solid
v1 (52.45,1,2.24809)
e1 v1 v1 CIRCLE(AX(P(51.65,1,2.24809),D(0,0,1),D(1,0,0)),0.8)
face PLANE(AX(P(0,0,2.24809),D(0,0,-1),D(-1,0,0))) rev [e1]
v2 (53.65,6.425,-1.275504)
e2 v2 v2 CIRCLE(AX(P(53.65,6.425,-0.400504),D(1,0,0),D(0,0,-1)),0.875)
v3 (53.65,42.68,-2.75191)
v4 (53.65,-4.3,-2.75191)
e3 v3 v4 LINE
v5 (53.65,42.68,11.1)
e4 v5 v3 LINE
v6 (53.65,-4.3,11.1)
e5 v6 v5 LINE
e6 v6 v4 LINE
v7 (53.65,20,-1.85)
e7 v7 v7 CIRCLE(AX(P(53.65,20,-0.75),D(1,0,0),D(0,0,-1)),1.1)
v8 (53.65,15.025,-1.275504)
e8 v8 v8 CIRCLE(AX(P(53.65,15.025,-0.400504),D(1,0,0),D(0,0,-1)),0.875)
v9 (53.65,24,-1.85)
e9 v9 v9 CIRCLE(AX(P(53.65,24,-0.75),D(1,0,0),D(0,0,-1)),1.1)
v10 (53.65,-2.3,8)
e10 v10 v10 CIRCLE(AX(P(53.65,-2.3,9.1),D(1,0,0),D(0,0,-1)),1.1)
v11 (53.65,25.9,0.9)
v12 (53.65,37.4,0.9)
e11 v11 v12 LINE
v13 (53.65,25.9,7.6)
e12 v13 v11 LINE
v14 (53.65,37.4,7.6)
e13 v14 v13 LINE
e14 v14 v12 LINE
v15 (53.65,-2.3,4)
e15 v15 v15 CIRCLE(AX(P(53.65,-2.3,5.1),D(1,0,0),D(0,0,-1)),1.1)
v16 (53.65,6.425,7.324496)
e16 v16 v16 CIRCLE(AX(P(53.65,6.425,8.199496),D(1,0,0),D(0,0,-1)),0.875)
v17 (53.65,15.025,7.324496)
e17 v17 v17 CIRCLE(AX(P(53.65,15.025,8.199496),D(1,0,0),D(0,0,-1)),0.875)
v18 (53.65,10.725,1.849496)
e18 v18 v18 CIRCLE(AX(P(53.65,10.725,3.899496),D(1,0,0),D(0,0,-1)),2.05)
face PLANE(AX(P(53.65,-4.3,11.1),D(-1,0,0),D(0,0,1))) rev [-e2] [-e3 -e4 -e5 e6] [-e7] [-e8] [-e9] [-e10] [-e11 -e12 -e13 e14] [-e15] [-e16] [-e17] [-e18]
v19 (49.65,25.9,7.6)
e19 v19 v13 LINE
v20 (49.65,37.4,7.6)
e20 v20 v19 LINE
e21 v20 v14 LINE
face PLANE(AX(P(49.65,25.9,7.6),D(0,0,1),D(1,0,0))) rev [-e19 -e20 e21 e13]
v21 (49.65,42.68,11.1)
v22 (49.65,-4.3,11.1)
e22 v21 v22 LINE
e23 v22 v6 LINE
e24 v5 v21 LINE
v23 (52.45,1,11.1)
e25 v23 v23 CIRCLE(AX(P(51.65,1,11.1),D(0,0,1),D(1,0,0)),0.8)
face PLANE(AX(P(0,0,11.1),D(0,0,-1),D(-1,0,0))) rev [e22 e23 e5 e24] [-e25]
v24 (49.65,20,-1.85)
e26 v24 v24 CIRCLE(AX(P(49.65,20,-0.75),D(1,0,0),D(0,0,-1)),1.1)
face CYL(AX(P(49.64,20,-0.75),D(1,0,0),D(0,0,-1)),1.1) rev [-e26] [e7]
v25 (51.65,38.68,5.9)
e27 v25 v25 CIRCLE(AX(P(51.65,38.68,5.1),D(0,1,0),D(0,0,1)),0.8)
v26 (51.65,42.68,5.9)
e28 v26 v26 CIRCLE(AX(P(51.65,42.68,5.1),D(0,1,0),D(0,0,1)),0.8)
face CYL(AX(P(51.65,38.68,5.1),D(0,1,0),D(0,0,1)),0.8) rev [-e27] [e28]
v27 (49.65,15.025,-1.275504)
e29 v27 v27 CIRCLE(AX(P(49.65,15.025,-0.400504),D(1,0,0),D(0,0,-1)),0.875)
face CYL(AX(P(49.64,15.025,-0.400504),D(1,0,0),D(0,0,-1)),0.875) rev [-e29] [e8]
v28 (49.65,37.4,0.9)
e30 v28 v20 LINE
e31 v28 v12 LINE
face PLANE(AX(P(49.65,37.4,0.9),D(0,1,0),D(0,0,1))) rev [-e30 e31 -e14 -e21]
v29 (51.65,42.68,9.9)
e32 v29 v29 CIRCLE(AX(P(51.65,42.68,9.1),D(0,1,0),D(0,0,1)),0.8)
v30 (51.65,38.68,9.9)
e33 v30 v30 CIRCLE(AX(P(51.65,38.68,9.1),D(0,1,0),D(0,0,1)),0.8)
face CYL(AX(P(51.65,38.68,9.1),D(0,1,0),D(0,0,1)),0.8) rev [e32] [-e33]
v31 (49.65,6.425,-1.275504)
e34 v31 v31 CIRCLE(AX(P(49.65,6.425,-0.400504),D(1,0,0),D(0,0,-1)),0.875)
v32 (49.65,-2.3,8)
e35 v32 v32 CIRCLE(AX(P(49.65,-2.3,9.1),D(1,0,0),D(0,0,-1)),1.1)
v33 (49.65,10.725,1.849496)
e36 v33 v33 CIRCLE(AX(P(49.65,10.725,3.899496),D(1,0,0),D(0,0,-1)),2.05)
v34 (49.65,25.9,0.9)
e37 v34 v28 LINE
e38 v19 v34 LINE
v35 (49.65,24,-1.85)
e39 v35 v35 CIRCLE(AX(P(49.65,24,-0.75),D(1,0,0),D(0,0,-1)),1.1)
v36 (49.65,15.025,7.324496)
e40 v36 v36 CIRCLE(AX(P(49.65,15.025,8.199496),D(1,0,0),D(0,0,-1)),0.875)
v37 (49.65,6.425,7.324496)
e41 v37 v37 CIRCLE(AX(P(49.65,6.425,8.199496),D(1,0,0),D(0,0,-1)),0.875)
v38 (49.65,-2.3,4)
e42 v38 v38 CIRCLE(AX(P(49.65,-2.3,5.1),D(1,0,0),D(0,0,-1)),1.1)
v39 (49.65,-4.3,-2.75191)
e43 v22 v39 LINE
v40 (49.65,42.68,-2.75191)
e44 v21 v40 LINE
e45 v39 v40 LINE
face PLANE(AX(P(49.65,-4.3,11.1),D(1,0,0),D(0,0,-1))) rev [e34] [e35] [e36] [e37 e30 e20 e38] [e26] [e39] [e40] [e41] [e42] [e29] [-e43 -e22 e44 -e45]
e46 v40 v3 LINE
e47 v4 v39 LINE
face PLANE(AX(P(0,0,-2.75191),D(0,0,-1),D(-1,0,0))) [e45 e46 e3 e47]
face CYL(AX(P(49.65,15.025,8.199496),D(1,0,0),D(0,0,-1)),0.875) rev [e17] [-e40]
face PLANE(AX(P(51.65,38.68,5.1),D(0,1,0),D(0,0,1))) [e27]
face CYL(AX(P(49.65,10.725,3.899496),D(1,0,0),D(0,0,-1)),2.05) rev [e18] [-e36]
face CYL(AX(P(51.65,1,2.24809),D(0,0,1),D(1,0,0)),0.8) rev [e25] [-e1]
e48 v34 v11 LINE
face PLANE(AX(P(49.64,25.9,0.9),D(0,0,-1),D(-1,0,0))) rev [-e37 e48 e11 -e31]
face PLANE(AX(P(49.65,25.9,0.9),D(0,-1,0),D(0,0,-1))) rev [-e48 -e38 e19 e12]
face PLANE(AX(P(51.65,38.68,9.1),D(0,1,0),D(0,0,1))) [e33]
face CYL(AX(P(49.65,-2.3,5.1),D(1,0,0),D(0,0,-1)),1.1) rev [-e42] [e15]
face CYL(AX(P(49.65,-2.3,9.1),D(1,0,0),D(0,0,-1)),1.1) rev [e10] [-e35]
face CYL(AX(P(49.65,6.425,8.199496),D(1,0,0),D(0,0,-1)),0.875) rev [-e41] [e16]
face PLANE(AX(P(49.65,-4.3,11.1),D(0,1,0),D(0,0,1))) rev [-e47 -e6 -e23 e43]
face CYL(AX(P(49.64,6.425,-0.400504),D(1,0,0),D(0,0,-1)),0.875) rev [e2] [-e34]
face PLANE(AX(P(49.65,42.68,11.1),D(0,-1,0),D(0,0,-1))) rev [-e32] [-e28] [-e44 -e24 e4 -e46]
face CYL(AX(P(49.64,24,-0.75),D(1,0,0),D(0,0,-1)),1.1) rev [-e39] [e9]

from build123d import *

# Parameters (mm, degrees)
MAIN_STOCK_START                   = 2.248090434
SKETCH_1_W                         = 4
SKETCH_1_H                         = 46.98
MAIN_STOCK_DEPTH                   = 8.851909566
SKETCH_2_R                         = 0.8
FRAME_1XD1P6_THROUGH_DEPTH         = 70.124968014
SKETCH_3_R                         = 2.05
SMA_CENTER_D4P1_DEPTH              = 4
SKETCH_4_R                         = 0.875
SMA_UPPER_2XD1P75_THROUGH_DEPTH    = 45.280835584
SKETCH_5_W                         = 6.7
SKETCH_5_H                         = 11.5
TYPEC_WINDOW_11P5X6P7_DEPTH        = 4
SKETCH_6_R                         = 1.1
CORNER_FRONT_2XD2P2_THROUGH_DEPTH  = 45.280835584
SKETCH_7_R                         = 0.8
CORNER_REAR_2XD1P6_BLIND4_DEPTH    = 4
SKETCH_8_W                         = 4
SKETCH_8_H                         = 46.98
WALL_EXTENSION_TO_FLOOR_DEPTH      = 5
SKETCH_9_R                         = 2.05
SMA_CENTER_FULL_BORE_DEPTH         = 4.01
SKETCH_10_R                        = 0.875
SMA_LOWER_M2P2_THROUGH_DEPTH       = 4.01
SKETCH_11_W                        = 6.7
SKETCH_11_H                        = 11.5
RIGHT_WINDOW_FULL_11P5X6P7_DEPTH   = 4.01
SKETCH_12_R                        = 1.1
HORIZONTAL_BASE_M2_0_0_05365_DEPTH = 4.01


with BuildPart() as part:
    # 草图1 → Main_Stock (new body)
    with BuildSketch(Plane.XY.offset(MAIN_STOCK_START)):
        with Locations((51.65, 19.19)):
            Rectangle(SKETCH_1_W, SKETCH_1_H)
    extrude(amount=MAIN_STOCK_DEPTH)

    # 草图2 → Frame_1xD1p6_Through (cut, through all)
    with BuildSketch(Plane.XY.offset(11.1)):
        with Locations((51.65, 1)):
            Circle(SKETCH_2_R)
    extrude(amount=-FRAME_1XD1P6_THROUGH_DEPTH, mode=Mode.SUBTRACT)

    # 草图3 → SMA_Center_D4p1 (cut)
    with BuildSketch(Plane(origin=(53.65, 0, 0), x_dir=(0, 0, -1), z_dir=(1, 0, 0))):
        with Locations((-3.899496327, 10.725)):
            Circle(SKETCH_3_R)
    extrude(amount=-SMA_CENTER_D4P1_DEPTH, mode=Mode.SUBTRACT)

    # 草图4 → SMA_Upper_2xD1p75_Through (cut, through all)
    with BuildSketch(Plane(origin=(53.65, 0, 0), x_dir=(0, 0, -1), z_dir=(1, 0, 0))):
        with Locations((-8.199496327, 6.425)):
            Circle(SKETCH_4_R)
        with Locations((-8.199496327, 15.025)):
            Circle(SKETCH_4_R)
    extrude(amount=-SMA_UPPER_2XD1P75_THROUGH_DEPTH, mode=Mode.SUBTRACT)

    # 草图5 → TypeC_Window_11p5x6p7 (cut)
    with BuildSketch(Plane(origin=(53.65, 0, 0), x_dir=(0, 0, -1), z_dir=(1, 0, 0))):
        with Locations((-4.25, 31.65)):
            Rectangle(SKETCH_5_W, SKETCH_5_H)
    extrude(amount=-TYPEC_WINDOW_11P5X6P7_DEPTH, mode=Mode.SUBTRACT)

    # 草图6 → Corner_Front_2xD2p2_Through (cut, through all)
    with BuildSketch(Plane(origin=(53.65, 0, 0), x_dir=(0, 0, -1), z_dir=(1, 0, 0))):
        with Locations((-5.1, -2.3)):
            Circle(SKETCH_6_R)
        with Locations((-9.1, -2.3)):
            Circle(SKETCH_6_R)
    extrude(amount=-CORNER_FRONT_2XD2P2_THROUGH_DEPTH, mode=Mode.SUBTRACT)

    # 草图7 → Corner_Rear_2xD1p6_Blind4 (cut)
    with BuildSketch(Plane(origin=(0, 42.68, 0), x_dir=(1, 0, 0), z_dir=(0, 1, 0))):
        with Locations(Location((51.65, -5.1, 0), (0, 0, 270))):
            Circle(SKETCH_7_R)
        with Locations(Location((51.65, -9.1, 0), (0, 0, 270))):
            Circle(SKETCH_7_R)
    extrude(amount=-CORNER_REAR_2XD1P6_BLIND4_DEPTH, mode=Mode.SUBTRACT)

    # 草图8 → Wall_Extension_To_Floor (add)
    with BuildSketch(Plane(origin=(0, 0, 2.248090434), x_dir=(-1, 0, 0), z_dir=(0, 0, -1))):
        with Locations((-51.65, 19.19)):
            Rectangle(SKETCH_8_W, SKETCH_8_H)
    extrude(amount=WALL_EXTENSION_TO_FLOOR_DEPTH)

    # 草图9 → SMA_Center_Full_Bore (cut)
    with BuildSketch(Plane(origin=(53.65, 0, 0), x_dir=(0, 0, -1), z_dir=(1, 0, 0))):
        with Locations((-3.899496327, 10.725)):
            Circle(SKETCH_9_R)
    extrude(amount=-SMA_CENTER_FULL_BORE_DEPTH, mode=Mode.SUBTRACT)

    # 草图10 → SMA_Lower_M2p2_Through (cut)
    with BuildSketch(Plane(origin=(53.65, 0, 0), x_dir=(0, 0, -1), z_dir=(1, 0, 0))):
        with Locations((0.400503673, 6.425)):
            Circle(SKETCH_10_R)
        with Locations((0.400503673, 15.025)):
            Circle(SKETCH_10_R)
    extrude(amount=-SMA_LOWER_M2P2_THROUGH_DEPTH, mode=Mode.SUBTRACT)

    # 草图11 → Right_Window_Full_11p5x6p7 (cut)
    with BuildSketch(Plane(origin=(53.65, 0, 0), x_dir=(0, 0, -1), z_dir=(1, 0, 0))):
        with Locations((-4.25, 31.65)):
            Rectangle(SKETCH_11_W, SKETCH_11_H)
    extrude(amount=-RIGHT_WINDOW_FULL_11P5X6P7_DEPTH, mode=Mode.SUBTRACT)

    # 草图12 → Horizontal_Base_M2_0_0.05365 (cut)
    with BuildSketch(Plane(origin=(53.65, 0, 0), x_dir=(0, 0, -1), z_dir=(1, 0, 0))):
        with Locations((0.75, 20)):
            Circle(SKETCH_12_R)
        with Locations((0.75, 24)):
            Circle(SKETCH_12_R)
    extrude(amount=-HORIZONTAL_BASE_M2_0_0_05365_DEPTH, mode=Mode.SUBTRACT)


solid = part.part
